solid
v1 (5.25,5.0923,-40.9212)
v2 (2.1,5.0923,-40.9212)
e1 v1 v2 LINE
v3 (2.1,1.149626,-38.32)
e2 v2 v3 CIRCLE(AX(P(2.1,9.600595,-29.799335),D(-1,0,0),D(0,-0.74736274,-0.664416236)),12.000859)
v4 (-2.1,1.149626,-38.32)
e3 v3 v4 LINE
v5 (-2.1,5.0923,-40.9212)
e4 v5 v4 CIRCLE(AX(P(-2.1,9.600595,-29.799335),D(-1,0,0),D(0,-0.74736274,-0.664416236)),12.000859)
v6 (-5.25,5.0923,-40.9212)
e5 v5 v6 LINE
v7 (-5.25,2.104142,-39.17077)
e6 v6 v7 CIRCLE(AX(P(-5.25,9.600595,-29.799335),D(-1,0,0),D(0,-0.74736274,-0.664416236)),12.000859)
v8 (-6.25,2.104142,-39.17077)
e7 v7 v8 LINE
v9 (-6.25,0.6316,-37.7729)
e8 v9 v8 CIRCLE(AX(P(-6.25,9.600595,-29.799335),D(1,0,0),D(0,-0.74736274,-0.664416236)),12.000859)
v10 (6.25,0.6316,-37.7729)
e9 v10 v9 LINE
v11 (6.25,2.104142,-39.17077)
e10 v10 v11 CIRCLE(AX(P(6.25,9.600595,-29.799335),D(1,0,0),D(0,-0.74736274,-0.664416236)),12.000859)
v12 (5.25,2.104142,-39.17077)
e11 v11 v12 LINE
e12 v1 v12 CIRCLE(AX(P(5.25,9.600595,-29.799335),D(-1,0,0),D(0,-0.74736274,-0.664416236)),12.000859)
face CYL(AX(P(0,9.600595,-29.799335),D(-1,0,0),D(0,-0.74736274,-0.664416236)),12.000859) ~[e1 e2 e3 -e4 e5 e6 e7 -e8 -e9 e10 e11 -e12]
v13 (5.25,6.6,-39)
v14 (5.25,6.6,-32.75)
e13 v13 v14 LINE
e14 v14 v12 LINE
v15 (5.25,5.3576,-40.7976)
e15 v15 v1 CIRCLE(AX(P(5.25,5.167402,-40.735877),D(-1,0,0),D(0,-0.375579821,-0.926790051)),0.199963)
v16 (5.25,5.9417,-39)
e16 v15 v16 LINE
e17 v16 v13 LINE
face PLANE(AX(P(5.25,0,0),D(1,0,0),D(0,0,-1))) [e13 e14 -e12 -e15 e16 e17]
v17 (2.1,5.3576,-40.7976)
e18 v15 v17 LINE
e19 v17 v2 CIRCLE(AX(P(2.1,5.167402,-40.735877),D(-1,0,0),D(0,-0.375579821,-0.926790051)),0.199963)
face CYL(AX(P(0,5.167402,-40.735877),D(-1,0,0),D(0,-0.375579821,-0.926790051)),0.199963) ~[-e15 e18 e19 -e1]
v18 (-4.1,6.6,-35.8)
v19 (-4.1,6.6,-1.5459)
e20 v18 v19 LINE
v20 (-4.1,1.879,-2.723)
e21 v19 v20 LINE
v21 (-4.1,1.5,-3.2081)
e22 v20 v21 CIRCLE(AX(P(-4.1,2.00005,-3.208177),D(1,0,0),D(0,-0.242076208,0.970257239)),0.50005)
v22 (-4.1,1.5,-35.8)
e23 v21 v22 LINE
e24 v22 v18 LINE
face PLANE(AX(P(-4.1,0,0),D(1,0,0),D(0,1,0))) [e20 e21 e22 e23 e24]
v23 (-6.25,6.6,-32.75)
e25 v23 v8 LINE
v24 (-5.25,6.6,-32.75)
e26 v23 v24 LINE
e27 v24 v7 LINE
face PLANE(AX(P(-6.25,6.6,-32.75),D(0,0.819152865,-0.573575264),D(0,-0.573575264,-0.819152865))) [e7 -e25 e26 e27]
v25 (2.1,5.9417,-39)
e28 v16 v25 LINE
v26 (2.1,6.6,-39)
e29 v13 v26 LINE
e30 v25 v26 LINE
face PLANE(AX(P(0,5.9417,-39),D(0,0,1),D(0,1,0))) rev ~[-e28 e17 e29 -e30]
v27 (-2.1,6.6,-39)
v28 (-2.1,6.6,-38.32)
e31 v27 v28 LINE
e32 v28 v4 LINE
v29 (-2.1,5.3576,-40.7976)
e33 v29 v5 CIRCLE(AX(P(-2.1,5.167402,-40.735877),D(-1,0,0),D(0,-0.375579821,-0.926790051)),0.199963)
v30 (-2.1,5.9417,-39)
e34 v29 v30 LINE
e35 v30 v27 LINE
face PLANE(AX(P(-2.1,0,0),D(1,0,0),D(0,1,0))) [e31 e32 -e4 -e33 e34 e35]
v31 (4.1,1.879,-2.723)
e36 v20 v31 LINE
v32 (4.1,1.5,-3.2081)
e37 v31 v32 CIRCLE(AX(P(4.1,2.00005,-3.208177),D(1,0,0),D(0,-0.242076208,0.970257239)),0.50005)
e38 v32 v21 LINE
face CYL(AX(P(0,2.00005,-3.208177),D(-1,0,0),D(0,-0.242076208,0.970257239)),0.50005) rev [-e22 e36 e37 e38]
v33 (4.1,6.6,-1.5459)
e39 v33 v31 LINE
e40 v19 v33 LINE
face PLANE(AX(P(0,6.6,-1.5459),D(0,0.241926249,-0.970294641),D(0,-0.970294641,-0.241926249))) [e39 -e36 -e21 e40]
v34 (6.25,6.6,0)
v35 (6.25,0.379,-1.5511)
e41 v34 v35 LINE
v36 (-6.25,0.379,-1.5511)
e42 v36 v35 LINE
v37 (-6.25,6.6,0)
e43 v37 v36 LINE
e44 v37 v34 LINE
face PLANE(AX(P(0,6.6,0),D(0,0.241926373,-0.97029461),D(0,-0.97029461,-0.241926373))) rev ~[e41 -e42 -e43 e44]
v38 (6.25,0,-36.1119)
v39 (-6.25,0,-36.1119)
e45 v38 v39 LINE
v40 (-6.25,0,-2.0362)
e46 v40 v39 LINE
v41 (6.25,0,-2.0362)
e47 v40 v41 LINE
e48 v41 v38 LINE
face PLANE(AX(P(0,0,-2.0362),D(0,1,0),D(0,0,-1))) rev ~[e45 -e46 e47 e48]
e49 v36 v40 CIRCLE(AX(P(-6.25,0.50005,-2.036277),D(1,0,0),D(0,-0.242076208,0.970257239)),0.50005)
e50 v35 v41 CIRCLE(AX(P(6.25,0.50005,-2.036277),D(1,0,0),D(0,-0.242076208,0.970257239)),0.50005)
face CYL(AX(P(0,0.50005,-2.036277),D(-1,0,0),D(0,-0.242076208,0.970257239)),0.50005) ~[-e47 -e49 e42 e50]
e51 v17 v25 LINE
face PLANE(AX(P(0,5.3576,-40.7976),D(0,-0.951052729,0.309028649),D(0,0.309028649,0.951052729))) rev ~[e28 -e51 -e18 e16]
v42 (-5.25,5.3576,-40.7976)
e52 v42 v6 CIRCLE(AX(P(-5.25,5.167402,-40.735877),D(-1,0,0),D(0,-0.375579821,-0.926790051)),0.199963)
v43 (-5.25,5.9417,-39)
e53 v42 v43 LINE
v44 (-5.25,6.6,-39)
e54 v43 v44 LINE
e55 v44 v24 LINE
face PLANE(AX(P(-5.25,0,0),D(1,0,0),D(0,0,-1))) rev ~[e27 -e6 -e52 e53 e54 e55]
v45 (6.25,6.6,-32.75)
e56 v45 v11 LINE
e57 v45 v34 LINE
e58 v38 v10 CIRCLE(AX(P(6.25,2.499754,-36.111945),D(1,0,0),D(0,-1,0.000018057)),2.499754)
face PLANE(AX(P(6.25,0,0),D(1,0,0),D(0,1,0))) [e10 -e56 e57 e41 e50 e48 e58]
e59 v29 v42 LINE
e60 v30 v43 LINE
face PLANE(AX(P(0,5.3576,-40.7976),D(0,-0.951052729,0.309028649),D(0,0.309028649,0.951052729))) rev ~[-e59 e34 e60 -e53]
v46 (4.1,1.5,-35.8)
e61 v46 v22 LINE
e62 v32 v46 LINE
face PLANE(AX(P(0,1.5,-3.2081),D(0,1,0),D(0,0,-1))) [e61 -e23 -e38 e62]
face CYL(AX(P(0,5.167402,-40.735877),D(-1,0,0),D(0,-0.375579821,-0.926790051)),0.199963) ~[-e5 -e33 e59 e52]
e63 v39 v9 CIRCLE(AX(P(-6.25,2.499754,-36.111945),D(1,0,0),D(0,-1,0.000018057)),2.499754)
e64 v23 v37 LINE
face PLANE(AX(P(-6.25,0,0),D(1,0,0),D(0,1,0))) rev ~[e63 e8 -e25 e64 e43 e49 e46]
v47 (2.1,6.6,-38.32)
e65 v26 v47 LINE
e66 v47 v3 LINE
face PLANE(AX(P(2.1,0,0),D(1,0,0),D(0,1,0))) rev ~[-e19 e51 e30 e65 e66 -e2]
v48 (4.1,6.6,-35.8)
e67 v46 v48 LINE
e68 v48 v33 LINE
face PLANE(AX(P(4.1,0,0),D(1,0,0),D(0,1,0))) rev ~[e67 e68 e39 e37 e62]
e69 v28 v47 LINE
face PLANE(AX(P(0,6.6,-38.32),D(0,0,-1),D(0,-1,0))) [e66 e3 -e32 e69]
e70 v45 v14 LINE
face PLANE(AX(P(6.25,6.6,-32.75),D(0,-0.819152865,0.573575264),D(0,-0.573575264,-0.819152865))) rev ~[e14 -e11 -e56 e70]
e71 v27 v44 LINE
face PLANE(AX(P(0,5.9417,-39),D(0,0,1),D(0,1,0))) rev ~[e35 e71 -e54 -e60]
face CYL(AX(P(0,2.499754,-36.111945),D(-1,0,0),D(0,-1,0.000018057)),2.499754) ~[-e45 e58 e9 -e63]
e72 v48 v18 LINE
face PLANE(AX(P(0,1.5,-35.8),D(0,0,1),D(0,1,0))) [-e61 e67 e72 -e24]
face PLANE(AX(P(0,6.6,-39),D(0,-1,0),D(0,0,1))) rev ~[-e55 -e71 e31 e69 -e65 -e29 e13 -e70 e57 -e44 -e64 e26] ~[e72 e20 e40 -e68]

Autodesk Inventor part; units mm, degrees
sketch "Sketch_1" plane through (0, 0, 0) normal (1, 0, 0) x (0, 1, 0)
  line L0 (6.6, 0) -> (0.379, -1.5511)
  arc A0 (0.379, -1.5511) -> (0, -2.0362) centre (0.5, -2.0362) ccw
  line L1 (0, -2.0362) -> (0, -36.1119)
  arc A1 (0, -36.1119) -> (0.6316, -37.7729) centre (2.5, -36.1119) ccw
  arc A2 (0.6316, -37.7729) -> (5.0923, -40.9212) centre (9.6, -29.8) ccw
  arc A3 (5.0923, -40.9212) -> (5.3576, -40.7976) centre (5.1674, -40.7358) ccw
  line L2 (5.3576, -40.7976) -> (5.9417, -39)
  line L3 (5.9417, -39) -> (6.6, -39)
  line L4 (6.6, -39) -> (6.6, 0)
extrude "Extrusion1" add sketch "Sketch_1" along normal mid plane 12.5
sketch "Sketch_2" plane through (0, 0, 0) normal (1, 0, 0) x (0, 1, 0)
  line L0 (6.6, -1.5459) -> (1.879, -2.723)
  arc A0 (1.879, -2.723) -> (1.5, -3.2081) centre (2, -3.2081) ccw
  line L1 (1.5, -3.2081) -> (1.5, -35.8)
  line L2 (1.5, -35.8) -> (6.6, -35.8)
  line L3 (6.6, -35.8) -> (6.6, -1.5459)
extrude "Extrusion2" cut sketch "Sketch_2" along normal mid plane 8.2
sketch "Sketch_3" plane through (6.25, 0, 0) normal (1, 0, 0) x (0, 0, -1)
  line L0 (32.75, 6.6) -> (42, 0.1231)
  line L1 (42, 0.1231) -> (42, 6.6)
  line L2 (42, 6.6) -> (32.75, 6.6)
extrude "Extrusion3" cut sketch "Sketch_3" against normal blind 1
sketch "Sketch_4" plane through (-6.25, 0, 0) normal (1, 0, 0) x (0, 0, -1)
  line L0 (32.75, 6.6) -> (42, 0.1231)
  line L1 (42, 0.1231) -> (42, 6.6)
  line L2 (42, 6.6) -> (32.75, 6.6)
extrude "Extrusion4" cut sketch "Sketch_4" along normal blind 1
sketch "Sketch_5" plane through (0, 0, 0) normal (1, 0, 0) x (0, 1, 0)
  line L0 (6.6, -38.32) -> (0, -38.32)
  line L1 (0, -38.32) -> (0, -42)
  line L2 (0, -42) -> (6.6, -42)
  line L3 (6.6, -42) -> (6.6, -38.32)
extrude "Extrusion5" cut sketch "Sketch_5" along normal mid plane 4.2
ref_plane "CP_XY" through (0, 6.6, 0) normal (0, 0, 1) x (1, 0, 0)
ref_plane "CP_YZ" through (0, 6.6, 0) normal (1, 0, 0) x (0, 1, 0)
ref_plane "CP_ZX" through (0, 6.6, 0) normal (0, 1, 0) x (0, 0, 1)
properties part number "CH20M LF OR 1103640000"
